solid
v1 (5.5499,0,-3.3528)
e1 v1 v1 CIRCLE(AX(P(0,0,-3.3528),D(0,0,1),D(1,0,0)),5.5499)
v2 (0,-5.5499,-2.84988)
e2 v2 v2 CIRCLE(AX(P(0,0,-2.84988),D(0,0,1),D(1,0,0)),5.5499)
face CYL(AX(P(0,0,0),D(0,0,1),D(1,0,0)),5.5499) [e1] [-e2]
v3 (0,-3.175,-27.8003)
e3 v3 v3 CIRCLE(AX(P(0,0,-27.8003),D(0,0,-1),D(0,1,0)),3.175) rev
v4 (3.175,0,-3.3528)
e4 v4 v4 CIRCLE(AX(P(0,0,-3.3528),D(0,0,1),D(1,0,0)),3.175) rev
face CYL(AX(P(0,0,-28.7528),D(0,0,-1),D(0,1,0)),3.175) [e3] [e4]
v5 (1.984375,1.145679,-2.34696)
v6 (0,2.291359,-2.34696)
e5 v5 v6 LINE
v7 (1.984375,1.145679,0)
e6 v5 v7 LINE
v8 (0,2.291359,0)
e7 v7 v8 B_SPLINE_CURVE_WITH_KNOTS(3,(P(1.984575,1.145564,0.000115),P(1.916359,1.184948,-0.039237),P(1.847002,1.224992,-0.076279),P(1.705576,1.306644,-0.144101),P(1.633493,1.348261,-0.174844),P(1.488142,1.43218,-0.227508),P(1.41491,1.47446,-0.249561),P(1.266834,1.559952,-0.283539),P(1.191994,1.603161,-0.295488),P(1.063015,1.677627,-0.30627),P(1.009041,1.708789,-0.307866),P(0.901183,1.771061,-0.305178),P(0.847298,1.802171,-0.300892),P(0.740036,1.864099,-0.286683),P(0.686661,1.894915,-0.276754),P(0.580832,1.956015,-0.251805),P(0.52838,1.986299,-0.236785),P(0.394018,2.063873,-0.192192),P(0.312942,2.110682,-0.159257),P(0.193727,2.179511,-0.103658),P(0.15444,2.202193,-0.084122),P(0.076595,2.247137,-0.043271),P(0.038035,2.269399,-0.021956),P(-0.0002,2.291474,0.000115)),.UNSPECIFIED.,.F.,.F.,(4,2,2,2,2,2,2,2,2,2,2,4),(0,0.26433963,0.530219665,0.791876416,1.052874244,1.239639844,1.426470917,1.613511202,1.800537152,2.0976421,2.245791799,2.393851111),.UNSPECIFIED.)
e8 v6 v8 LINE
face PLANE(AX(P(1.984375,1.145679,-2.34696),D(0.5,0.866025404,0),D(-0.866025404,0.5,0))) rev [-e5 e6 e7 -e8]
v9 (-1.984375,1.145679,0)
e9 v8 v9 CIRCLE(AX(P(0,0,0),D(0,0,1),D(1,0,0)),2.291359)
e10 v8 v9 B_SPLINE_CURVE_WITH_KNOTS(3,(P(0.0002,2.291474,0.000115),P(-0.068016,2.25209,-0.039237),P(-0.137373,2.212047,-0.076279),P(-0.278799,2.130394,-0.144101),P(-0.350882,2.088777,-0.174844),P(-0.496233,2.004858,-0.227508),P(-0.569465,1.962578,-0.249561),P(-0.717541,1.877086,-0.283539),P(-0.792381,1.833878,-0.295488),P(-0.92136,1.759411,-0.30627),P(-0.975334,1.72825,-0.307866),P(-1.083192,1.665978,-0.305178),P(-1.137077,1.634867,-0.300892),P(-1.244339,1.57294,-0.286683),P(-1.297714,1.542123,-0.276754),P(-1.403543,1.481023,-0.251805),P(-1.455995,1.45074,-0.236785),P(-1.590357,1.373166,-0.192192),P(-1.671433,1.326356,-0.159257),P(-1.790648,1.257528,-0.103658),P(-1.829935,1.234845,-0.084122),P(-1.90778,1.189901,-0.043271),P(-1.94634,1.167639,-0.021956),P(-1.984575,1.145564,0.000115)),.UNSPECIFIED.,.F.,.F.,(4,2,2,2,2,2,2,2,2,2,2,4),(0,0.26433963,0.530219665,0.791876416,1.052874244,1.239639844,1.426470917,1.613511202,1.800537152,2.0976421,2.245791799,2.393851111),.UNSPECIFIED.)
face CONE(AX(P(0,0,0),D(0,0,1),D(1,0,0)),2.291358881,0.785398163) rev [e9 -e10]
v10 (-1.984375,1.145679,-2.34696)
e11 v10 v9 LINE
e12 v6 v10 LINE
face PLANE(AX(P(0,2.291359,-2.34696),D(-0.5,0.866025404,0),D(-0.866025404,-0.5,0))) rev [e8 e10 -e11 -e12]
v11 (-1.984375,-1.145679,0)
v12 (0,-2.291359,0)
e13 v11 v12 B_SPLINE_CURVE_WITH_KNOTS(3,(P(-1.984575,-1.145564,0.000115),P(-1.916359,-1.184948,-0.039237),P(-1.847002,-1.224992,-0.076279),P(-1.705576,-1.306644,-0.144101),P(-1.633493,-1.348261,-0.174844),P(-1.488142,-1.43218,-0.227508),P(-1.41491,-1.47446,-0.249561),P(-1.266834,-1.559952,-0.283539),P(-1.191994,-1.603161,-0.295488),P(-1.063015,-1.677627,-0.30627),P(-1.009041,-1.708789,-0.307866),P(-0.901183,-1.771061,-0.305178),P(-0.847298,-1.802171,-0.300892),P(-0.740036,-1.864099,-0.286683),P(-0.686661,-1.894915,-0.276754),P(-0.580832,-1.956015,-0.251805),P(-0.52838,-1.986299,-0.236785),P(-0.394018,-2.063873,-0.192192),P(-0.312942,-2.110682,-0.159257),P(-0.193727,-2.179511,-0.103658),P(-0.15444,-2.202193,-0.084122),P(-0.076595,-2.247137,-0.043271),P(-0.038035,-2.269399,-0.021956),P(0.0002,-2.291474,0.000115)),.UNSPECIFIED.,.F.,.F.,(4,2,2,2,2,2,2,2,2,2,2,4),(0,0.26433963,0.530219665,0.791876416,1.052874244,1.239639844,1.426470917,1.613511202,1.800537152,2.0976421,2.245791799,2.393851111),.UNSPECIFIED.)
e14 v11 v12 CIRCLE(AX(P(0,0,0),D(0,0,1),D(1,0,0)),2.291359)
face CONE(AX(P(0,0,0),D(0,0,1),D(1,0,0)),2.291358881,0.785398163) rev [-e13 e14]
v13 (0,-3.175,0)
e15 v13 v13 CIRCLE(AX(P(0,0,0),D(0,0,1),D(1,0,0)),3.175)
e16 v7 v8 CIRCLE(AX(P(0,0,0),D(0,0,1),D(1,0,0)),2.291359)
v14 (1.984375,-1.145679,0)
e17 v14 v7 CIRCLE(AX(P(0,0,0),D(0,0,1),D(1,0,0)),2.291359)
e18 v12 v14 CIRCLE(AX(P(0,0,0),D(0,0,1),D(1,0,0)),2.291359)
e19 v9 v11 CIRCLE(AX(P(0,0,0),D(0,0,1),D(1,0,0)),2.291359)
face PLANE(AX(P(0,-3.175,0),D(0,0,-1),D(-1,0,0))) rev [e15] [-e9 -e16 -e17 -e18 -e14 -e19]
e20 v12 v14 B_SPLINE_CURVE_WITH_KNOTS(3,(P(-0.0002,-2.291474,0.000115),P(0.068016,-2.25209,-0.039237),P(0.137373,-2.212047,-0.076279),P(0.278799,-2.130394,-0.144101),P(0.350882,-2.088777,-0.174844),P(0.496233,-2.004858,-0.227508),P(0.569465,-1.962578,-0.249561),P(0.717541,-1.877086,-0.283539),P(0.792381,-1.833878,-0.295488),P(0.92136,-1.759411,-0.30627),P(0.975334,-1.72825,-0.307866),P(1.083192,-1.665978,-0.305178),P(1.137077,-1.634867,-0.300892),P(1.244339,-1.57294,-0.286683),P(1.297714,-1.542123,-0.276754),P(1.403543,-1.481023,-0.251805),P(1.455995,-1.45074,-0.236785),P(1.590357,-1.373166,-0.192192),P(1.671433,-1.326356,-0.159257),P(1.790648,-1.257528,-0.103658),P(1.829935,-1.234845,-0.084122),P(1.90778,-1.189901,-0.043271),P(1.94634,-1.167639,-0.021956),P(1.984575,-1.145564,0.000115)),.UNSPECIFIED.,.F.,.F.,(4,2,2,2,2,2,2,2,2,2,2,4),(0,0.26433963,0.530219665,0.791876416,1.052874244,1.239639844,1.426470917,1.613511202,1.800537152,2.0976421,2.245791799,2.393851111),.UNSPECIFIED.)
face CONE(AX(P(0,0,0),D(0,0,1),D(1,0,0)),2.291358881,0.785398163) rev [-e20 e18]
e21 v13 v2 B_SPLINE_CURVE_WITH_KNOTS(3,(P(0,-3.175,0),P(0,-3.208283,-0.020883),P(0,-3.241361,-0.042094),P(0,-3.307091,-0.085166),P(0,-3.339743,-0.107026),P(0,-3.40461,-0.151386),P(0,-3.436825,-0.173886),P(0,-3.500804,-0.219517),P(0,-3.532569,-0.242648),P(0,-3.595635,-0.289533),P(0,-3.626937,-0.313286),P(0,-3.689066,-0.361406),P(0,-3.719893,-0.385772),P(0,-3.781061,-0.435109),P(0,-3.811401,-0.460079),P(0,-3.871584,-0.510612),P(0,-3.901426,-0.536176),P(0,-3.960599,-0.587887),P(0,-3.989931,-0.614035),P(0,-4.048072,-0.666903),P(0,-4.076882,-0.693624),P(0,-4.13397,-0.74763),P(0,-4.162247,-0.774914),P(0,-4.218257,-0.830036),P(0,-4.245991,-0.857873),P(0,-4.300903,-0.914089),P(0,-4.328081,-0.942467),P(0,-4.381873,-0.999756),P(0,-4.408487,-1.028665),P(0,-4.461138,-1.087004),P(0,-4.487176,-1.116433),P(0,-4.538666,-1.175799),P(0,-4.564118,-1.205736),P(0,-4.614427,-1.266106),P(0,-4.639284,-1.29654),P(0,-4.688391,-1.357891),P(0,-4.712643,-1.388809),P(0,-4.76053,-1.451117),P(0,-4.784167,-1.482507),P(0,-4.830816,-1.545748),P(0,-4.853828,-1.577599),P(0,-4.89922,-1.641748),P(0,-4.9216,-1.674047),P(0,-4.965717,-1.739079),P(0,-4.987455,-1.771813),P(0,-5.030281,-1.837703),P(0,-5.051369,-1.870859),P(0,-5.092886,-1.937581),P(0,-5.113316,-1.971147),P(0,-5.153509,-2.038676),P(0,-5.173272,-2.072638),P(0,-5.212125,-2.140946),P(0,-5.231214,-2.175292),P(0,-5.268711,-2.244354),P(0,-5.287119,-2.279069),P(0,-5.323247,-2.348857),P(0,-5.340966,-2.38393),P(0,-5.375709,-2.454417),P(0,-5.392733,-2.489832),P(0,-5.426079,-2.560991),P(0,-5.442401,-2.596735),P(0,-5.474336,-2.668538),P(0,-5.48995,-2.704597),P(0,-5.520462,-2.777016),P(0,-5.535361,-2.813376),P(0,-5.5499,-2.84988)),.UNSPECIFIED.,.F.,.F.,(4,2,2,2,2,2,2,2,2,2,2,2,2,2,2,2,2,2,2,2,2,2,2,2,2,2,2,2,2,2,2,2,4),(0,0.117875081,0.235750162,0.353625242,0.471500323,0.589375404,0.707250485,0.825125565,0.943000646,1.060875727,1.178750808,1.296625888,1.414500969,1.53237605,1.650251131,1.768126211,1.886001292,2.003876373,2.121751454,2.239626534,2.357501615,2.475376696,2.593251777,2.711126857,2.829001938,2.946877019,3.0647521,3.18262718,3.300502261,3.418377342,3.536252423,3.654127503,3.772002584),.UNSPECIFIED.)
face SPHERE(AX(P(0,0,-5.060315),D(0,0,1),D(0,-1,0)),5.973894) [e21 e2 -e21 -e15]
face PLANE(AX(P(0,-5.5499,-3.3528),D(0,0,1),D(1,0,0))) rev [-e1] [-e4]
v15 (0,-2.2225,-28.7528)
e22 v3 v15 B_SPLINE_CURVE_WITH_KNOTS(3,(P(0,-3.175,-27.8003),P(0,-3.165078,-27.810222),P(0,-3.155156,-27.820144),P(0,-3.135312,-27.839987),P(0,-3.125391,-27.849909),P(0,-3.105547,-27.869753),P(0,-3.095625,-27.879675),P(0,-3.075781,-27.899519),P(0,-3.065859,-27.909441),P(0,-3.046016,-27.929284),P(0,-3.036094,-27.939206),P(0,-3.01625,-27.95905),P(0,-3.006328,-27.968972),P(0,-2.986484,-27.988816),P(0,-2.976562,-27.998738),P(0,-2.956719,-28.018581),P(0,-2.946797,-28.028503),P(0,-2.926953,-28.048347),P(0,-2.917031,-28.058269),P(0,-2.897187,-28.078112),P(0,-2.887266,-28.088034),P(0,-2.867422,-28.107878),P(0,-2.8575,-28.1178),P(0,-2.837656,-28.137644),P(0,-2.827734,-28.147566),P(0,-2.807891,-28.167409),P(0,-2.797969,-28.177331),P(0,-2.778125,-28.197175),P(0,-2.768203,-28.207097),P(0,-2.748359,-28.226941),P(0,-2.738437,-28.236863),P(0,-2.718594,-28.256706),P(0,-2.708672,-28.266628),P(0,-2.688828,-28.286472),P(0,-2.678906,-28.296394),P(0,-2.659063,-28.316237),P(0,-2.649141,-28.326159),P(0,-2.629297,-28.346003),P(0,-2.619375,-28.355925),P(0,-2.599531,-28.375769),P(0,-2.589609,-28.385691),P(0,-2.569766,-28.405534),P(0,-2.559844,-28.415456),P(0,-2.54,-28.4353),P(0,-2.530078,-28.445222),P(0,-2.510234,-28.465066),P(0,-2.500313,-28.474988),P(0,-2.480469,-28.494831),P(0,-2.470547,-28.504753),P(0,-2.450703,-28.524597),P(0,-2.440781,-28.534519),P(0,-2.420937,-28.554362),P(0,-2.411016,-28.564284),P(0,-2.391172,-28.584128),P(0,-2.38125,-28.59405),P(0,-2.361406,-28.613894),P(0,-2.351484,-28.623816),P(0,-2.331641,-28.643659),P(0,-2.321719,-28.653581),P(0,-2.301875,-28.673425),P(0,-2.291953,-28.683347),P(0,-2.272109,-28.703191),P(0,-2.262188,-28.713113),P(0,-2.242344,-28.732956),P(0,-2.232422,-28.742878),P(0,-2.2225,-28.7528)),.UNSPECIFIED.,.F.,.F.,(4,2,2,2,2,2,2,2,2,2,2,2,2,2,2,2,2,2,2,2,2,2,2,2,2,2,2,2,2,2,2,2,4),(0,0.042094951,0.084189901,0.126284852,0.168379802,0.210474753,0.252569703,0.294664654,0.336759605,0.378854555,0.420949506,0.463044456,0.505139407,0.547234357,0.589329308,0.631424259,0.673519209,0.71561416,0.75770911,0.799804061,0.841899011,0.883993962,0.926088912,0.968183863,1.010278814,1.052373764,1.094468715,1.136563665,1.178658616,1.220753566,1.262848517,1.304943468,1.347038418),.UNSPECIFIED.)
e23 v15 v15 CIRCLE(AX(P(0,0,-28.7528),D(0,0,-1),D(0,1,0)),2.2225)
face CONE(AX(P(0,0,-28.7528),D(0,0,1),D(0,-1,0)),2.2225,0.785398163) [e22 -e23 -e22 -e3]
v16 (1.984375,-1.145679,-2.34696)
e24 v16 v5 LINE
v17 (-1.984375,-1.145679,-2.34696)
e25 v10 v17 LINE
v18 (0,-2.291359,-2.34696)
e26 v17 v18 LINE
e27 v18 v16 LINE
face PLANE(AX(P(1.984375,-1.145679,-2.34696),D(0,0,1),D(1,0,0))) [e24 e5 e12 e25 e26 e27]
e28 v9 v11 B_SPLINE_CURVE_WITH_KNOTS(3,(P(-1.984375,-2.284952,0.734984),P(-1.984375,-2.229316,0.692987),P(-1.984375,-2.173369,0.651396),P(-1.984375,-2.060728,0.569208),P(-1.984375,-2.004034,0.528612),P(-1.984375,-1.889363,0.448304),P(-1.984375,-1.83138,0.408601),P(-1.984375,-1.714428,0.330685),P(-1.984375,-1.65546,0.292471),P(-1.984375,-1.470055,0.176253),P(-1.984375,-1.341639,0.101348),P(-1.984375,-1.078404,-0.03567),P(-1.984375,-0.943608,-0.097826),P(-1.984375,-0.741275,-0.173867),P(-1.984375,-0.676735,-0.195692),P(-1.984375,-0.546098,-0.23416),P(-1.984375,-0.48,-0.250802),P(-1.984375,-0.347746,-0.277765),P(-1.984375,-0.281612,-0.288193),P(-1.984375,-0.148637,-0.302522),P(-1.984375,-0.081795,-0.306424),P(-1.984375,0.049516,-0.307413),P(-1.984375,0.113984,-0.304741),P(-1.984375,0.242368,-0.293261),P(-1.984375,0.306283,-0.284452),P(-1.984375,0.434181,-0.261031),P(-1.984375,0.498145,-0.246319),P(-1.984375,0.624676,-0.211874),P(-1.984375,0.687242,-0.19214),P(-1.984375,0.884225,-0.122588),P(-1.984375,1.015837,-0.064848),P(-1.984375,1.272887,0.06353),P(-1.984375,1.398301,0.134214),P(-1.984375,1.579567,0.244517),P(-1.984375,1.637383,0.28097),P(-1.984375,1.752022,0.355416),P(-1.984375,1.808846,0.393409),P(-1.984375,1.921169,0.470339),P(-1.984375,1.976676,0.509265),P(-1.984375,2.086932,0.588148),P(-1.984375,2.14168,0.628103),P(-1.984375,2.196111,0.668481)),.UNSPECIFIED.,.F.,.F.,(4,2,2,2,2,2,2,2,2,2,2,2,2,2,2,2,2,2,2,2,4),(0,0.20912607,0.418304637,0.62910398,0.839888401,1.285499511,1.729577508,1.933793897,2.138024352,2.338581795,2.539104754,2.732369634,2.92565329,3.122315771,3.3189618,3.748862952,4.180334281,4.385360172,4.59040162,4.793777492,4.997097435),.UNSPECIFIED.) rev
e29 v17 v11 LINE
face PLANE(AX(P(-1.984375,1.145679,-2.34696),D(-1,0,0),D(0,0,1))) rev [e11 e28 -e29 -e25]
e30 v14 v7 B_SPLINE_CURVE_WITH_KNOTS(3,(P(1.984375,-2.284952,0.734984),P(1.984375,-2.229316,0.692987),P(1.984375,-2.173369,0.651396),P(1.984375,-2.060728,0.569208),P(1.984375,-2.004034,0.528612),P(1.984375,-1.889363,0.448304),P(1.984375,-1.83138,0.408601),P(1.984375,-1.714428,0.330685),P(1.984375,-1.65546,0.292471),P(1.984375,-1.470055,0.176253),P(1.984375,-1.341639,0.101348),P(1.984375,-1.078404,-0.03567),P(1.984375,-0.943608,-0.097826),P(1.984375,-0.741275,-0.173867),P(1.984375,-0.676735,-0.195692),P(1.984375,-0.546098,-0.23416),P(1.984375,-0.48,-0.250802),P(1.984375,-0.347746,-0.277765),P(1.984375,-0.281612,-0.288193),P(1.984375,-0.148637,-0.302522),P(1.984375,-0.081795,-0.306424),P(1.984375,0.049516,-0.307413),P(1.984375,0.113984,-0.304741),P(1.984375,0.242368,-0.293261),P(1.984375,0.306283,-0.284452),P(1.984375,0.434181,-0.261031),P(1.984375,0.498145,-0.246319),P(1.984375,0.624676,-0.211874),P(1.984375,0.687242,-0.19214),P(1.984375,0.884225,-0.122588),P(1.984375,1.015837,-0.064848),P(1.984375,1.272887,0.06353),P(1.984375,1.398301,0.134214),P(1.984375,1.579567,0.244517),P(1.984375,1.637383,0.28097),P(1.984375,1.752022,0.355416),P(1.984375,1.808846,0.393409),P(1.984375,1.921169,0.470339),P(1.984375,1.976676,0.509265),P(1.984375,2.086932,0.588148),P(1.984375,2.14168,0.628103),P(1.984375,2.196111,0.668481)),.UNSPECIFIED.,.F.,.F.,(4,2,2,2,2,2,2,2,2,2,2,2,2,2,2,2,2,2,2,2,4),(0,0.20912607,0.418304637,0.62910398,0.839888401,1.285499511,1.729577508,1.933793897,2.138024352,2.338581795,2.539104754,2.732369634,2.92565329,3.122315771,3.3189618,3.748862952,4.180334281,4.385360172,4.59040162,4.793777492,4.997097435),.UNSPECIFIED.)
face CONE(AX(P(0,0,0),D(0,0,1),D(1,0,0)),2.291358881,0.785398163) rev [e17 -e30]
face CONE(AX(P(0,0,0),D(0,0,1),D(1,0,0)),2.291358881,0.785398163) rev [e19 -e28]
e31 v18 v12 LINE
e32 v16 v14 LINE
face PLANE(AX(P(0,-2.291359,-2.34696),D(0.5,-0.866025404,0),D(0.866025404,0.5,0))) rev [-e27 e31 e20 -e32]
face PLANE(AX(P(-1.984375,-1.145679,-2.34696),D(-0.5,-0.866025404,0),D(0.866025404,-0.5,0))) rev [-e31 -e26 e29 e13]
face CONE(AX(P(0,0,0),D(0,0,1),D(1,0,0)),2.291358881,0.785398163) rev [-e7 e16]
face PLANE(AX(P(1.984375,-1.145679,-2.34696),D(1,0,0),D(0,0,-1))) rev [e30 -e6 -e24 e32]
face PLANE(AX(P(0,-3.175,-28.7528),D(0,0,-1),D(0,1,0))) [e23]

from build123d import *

# Parameters (mm, degrees)
SKETCH1_W          = 25.4
SKETCH1_H          = 3.175
CHAMFER1_SIZE      = 0.9525
CUT_EXTRUDE2_DEPTH = 2.34696


with BuildPart() as part:
    # Sketch1 → Revolve1 (revolve)
    with BuildSketch(Plane(origin=(0, 0, 0), x_dir=(0, 0, -1), z_dir=(1, 0, 0))):
        with Locations((16.0528, 1.5875)):
            Rectangle(SKETCH1_W, SKETCH1_H)
    revolve(axis=Axis((0, 0, -28.7528), (0, 0, 1)))

    # Chamfer1
    chamfer1_edges = [part.edges().sort_by_distance(p)[0] for p in [
        (0, -3.175, -28.7528),
    ]]
    chamfer(chamfer1_edges, length=CHAMFER1_SIZE)

    # Sketch7 → Revolve2 (revolve)
    with BuildSketch(Plane(origin=(0, 0, 0), x_dir=(0, 0, -1), z_dir=(1, 0, 0))):
        with BuildLine():
            Line((2.84988, 5.5499), (3.3528, 5.5499))
            Line((3.3528, 5.5499), (3.3528, 0))
            Line((3.3528, 0), (0, 0))
            Line((0, 0), (0, 3.175))
            ThreePointArc((0, 3.175), (1.235921075, 4.58927271), (2.84988, 5.5499))
        make_face()
    revolve(axis=Axis((0, 0, 0), (0, 0, -1)))

    # Sketch5 → Cut-Extrude2 (cut)
    with BuildSketch(Plane.XY):
        Polygon((1.984375, -1.14567944), (1.984375, 1.14567944), (0, 2.291358881), (-1.984375, 1.14567944), (-1.984375, -1.14567944), (0, -2.291358881), align=None)
    extrude(amount=-CUT_EXTRUDE2_DEPTH, mode=Mode.SUBTRACT)

    # Cut-Extrude3 cone 1 section (through the dimple's axis) → Cut-Extrude3 (revolve, cut)
    with BuildSketch(Plane(origin=(0, 0, 0), x_dir=(0, -1, 0), z_dir=(1, 0, 0))):
        Polygon((0, 0), (2.291358881, 0), (0, 2.291358881), align=None)
    revolve(axis=Axis((0, 0, 0), (0, 0, -1)), mode=Mode.SUBTRACT)


solid = part.part
